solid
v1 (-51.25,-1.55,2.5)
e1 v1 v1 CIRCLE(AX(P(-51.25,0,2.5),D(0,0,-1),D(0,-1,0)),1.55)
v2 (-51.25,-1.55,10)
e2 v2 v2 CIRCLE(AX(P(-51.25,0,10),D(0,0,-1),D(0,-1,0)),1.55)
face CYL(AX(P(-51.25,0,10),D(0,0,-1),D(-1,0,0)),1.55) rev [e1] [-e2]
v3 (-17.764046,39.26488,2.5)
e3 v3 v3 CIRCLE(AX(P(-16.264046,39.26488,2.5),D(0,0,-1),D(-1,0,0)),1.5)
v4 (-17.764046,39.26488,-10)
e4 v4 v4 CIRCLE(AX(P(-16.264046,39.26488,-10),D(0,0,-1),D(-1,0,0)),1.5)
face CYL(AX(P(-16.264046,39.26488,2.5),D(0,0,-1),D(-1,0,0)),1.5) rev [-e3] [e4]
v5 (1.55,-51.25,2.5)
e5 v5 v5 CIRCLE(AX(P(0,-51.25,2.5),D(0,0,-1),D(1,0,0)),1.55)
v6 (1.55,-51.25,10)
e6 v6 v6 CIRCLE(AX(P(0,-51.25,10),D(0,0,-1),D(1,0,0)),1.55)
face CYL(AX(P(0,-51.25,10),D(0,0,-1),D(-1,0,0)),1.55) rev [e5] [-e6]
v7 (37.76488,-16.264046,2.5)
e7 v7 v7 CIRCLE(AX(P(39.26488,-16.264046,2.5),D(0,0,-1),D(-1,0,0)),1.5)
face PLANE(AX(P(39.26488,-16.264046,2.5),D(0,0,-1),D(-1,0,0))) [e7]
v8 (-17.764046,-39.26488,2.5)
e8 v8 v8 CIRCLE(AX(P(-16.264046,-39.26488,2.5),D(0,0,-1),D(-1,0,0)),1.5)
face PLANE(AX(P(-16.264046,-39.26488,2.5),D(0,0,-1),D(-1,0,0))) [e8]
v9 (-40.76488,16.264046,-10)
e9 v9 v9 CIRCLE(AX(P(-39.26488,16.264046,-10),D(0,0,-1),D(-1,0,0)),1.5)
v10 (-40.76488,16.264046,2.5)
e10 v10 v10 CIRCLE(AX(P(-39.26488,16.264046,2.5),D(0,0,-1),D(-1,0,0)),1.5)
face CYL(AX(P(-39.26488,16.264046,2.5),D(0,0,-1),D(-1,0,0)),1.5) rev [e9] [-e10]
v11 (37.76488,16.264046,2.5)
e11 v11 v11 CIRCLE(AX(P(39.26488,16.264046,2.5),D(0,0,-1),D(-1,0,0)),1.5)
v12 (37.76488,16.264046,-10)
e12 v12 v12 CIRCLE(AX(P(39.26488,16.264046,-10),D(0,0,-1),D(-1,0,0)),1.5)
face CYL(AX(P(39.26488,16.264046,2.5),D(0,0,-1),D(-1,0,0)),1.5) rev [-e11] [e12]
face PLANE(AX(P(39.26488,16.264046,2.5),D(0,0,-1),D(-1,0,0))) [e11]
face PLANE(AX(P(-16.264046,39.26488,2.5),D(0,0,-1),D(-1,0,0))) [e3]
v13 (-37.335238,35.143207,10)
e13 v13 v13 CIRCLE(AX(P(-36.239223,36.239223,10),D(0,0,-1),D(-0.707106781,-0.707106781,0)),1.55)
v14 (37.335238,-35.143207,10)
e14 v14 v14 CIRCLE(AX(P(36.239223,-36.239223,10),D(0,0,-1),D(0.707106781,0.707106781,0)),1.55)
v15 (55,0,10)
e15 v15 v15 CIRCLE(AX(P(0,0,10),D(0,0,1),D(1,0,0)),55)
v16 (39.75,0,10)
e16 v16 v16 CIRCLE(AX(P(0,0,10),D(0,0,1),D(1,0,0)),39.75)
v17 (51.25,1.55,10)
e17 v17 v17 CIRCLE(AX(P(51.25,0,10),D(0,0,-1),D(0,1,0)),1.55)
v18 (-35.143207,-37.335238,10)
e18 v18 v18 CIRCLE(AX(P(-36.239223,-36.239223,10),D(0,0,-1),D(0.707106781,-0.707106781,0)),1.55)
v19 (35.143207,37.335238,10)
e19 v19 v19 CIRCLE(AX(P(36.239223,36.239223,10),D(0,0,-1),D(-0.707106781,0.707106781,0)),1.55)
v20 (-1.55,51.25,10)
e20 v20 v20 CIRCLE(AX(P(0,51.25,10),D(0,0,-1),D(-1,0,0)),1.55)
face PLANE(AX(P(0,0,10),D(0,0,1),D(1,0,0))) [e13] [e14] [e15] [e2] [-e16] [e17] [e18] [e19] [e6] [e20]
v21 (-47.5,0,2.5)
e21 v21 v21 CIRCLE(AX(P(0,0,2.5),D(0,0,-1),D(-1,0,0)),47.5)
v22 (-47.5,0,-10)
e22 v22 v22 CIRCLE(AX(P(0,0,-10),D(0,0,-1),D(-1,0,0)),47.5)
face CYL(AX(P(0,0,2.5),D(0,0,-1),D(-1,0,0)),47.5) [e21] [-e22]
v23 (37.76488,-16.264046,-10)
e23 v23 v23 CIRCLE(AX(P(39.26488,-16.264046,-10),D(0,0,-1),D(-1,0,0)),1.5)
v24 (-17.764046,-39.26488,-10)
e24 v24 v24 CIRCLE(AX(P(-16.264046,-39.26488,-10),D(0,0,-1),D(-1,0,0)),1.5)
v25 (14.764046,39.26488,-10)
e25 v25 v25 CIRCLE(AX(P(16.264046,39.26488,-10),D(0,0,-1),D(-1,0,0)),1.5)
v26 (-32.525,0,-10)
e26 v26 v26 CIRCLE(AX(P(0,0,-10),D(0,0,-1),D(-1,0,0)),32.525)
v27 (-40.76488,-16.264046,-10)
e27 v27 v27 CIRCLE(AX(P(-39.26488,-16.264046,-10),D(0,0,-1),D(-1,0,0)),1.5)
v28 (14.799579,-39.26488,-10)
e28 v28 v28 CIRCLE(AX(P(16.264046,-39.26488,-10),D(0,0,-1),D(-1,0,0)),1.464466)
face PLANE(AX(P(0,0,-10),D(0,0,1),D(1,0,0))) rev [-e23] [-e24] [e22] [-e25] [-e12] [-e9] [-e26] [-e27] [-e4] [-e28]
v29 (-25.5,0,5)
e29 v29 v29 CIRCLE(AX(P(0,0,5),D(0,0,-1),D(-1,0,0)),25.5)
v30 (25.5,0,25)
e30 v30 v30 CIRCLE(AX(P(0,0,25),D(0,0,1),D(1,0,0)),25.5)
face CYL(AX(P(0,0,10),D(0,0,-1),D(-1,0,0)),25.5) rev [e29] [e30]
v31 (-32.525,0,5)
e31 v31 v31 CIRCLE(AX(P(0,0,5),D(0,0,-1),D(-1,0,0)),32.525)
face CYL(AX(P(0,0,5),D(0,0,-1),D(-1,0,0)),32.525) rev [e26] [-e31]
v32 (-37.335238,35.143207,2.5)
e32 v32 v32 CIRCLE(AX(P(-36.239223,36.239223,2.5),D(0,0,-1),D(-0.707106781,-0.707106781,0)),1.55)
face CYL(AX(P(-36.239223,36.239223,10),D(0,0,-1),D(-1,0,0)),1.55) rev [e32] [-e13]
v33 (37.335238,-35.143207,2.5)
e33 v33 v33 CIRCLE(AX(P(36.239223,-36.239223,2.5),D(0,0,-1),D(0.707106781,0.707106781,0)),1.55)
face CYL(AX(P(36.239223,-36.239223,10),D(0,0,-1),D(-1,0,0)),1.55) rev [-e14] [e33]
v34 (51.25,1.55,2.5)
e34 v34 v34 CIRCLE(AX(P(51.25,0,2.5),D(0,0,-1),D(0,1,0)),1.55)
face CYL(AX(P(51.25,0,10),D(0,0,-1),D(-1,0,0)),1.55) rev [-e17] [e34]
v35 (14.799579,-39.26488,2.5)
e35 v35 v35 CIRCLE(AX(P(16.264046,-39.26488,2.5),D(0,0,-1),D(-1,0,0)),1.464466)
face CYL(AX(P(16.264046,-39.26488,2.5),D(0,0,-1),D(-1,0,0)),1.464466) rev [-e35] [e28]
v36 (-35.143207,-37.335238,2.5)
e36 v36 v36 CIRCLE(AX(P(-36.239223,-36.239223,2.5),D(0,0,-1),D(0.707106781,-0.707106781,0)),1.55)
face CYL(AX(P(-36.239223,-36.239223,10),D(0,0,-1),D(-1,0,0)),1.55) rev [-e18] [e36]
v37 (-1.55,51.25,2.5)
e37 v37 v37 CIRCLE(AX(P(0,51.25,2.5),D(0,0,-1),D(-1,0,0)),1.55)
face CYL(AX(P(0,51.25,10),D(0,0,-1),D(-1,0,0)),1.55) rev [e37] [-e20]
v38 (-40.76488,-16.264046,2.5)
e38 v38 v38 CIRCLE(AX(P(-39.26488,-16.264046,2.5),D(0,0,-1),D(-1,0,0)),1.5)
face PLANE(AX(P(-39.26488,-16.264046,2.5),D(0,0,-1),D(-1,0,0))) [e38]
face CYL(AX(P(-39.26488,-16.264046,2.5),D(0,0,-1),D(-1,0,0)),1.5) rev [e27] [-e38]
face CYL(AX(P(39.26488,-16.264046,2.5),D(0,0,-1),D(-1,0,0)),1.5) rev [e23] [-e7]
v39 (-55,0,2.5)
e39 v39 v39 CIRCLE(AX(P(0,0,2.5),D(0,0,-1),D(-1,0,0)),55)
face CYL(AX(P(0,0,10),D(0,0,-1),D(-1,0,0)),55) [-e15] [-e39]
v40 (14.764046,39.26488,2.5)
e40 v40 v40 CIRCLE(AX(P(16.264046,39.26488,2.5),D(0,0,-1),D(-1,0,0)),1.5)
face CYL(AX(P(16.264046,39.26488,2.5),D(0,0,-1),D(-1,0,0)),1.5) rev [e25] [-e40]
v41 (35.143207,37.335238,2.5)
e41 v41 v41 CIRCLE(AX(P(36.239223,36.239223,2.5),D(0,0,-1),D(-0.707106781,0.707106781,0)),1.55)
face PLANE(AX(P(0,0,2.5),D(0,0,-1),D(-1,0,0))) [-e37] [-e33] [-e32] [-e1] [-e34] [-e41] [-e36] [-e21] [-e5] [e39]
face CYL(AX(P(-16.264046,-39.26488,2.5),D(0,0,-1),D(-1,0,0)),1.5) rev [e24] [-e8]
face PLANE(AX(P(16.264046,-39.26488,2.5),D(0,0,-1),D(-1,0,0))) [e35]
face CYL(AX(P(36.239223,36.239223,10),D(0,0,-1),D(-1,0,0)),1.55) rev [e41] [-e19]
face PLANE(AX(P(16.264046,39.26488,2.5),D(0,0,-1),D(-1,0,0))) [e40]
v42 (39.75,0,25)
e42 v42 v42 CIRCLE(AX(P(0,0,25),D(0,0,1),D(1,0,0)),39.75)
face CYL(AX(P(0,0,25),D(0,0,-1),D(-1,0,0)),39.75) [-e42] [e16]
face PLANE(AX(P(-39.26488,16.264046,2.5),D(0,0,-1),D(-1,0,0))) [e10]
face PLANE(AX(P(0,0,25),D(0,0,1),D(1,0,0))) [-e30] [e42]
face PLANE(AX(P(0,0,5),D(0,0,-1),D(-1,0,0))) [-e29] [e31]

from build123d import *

# Parameters (mm, degrees)
IZIM1_R                     = 55
Y_KSEKLIK_EKSTR_ZYON1_DEPTH = 10
IZIM2_OUTSIDE_W             = 143.368
IZIM2_OUTSIDE_H             = 143.368
IZIM2_OUTSIDE_R             = 47.5
KES_EKSTR_ZYON1_DEPTH       = 12.5
IZIM3_R                     = 1.55
KES_EKSTR_ZYON2_DEPTH       = 79.779756283
DAIRESEL_KAPLAMA1_COUNT     = 8
IZIM5_R                     = 32.525
KES_EKSTR_ZYON3_DEPTH       = 15
IZIM6_R                     = 25.5
KES_EKSTR_ZYON4_DEPTH       = 80.214897589
IZIM7_R                     = 39.75
IZIM7_R_2                   = 25.5
Y_KSEKLIK_EKSTR_ZYON2_DEPTH = 15
IZIM8_R                     = 1.5
IZIM8_R_2                   = 1.464466486
KES_EKSTR_ZYON5_DEPTH       = 12.5


with BuildPart() as part:
    # Çizim1 → Yükseklik-Ekstrüzyon1 (new, symmetric)
    with BuildSketch(Plane.XY):
        Circle(IZIM1_R)
    extrude(amount=Y_KSEKLIK_EKSTR_ZYON1_DEPTH, both=True)

    # Çizim2 outside → Kes-Ekstrüzyon1 (cut)
    with BuildSketch(Plane(origin=(0, 0, -10), x_dir=(-1, 0, 0), z_dir=(0, 0, -1))):
        Rectangle(IZIM2_OUTSIDE_W, IZIM2_OUTSIDE_H)
        Circle(IZIM2_OUTSIDE_R, mode=Mode.SUBTRACT)
    extrude(amount=-KES_EKSTR_ZYON1_DEPTH, mode=Mode.SUBTRACT)

    # Çizim3 → Kes-Ekstrüzyon2 (cut, through all)
    with BuildSketch(Plane(origin=(0, 0, 2.5), x_dir=(-1, 0, 0), z_dir=(0, 0, -1))):
        with Locations((0, 51.25)):
            Circle(IZIM3_R)
    kes_ekstr_zyon2 = extrude(amount=-KES_EKSTR_ZYON2_DEPTH, mode=Mode.SUBTRACT)

    # Dairesel Kaplama1: Kes-Ekstrüzyon2 ×8 about axis
    dairesel_kaplama1_axis = Axis((0, 0, 0), (0, 0, 1))
    for i in range(1, DAIRESEL_KAPLAMA1_COUNT):
        add(kes_ekstr_zyon2.rotate(dairesel_kaplama1_axis, i * 360 / DAIRESEL_KAPLAMA1_COUNT), mode=Mode.SUBTRACT)

    # Çizim5 → Kes-Ekstrüzyon3 (cut)
    with BuildSketch(Plane(origin=(0, 0, -10), x_dir=(-1, 0, 0), z_dir=(0, 0, -1))):
        Circle(IZIM5_R)
    extrude(amount=-KES_EKSTR_ZYON3_DEPTH, mode=Mode.SUBTRACT)

    # Çizim6 → Kes-Ekstrüzyon4 (cut, through all)
    with BuildSketch(Plane(origin=(0, 0, 5), x_dir=(-1, 0, 0), z_dir=(0, 0, -1))):
        Circle(IZIM6_R)
    extrude(amount=-KES_EKSTR_ZYON4_DEPTH, mode=Mode.SUBTRACT)

    # Çizim7 → Yükseklik-Ekstrüzyon2 (add)
    with BuildSketch(Plane.XY.offset(10)):
        Circle(IZIM7_R)
        with Locations(Location((0, 0, 0), (0, 0, 180))):
            Circle(IZIM7_R_2, mode=Mode.SUBTRACT)
    extrude(amount=Y_KSEKLIK_EKSTR_ZYON2_DEPTH)

    # Çizim8 → Kes-Ekstrüzyon5 (cut)
    with BuildSketch(Plane(origin=(0, 0, -10), x_dir=(-1, 0, 0), z_dir=(0, 0, -1))):
        with Locations((16.264045876, -39.264880132)):
            Circle(IZIM8_R)
        with Locations((39.264880132, -16.264045876)):
            Circle(IZIM8_R)
        with Locations((-16.264045876, -39.264880132)):
            Circle(IZIM8_R_2)
        with Locations((-39.264880132, -16.264045876)):
            Circle(IZIM8_R)
        with Locations((39.264880132, 16.264045876)):
            Circle(IZIM8_R)
        with Locations((16.264045876, 39.264880132)):
            Circle(IZIM8_R)
        with Locations((-16.264045876, 39.264880132)):
            Circle(IZIM8_R)
        with Locations((-39.264880132, 16.264045876)):
            Circle(IZIM8_R)
    extrude(amount=-KES_EKSTR_ZYON5_DEPTH, mode=Mode.SUBTRACT)


solid = part.part
